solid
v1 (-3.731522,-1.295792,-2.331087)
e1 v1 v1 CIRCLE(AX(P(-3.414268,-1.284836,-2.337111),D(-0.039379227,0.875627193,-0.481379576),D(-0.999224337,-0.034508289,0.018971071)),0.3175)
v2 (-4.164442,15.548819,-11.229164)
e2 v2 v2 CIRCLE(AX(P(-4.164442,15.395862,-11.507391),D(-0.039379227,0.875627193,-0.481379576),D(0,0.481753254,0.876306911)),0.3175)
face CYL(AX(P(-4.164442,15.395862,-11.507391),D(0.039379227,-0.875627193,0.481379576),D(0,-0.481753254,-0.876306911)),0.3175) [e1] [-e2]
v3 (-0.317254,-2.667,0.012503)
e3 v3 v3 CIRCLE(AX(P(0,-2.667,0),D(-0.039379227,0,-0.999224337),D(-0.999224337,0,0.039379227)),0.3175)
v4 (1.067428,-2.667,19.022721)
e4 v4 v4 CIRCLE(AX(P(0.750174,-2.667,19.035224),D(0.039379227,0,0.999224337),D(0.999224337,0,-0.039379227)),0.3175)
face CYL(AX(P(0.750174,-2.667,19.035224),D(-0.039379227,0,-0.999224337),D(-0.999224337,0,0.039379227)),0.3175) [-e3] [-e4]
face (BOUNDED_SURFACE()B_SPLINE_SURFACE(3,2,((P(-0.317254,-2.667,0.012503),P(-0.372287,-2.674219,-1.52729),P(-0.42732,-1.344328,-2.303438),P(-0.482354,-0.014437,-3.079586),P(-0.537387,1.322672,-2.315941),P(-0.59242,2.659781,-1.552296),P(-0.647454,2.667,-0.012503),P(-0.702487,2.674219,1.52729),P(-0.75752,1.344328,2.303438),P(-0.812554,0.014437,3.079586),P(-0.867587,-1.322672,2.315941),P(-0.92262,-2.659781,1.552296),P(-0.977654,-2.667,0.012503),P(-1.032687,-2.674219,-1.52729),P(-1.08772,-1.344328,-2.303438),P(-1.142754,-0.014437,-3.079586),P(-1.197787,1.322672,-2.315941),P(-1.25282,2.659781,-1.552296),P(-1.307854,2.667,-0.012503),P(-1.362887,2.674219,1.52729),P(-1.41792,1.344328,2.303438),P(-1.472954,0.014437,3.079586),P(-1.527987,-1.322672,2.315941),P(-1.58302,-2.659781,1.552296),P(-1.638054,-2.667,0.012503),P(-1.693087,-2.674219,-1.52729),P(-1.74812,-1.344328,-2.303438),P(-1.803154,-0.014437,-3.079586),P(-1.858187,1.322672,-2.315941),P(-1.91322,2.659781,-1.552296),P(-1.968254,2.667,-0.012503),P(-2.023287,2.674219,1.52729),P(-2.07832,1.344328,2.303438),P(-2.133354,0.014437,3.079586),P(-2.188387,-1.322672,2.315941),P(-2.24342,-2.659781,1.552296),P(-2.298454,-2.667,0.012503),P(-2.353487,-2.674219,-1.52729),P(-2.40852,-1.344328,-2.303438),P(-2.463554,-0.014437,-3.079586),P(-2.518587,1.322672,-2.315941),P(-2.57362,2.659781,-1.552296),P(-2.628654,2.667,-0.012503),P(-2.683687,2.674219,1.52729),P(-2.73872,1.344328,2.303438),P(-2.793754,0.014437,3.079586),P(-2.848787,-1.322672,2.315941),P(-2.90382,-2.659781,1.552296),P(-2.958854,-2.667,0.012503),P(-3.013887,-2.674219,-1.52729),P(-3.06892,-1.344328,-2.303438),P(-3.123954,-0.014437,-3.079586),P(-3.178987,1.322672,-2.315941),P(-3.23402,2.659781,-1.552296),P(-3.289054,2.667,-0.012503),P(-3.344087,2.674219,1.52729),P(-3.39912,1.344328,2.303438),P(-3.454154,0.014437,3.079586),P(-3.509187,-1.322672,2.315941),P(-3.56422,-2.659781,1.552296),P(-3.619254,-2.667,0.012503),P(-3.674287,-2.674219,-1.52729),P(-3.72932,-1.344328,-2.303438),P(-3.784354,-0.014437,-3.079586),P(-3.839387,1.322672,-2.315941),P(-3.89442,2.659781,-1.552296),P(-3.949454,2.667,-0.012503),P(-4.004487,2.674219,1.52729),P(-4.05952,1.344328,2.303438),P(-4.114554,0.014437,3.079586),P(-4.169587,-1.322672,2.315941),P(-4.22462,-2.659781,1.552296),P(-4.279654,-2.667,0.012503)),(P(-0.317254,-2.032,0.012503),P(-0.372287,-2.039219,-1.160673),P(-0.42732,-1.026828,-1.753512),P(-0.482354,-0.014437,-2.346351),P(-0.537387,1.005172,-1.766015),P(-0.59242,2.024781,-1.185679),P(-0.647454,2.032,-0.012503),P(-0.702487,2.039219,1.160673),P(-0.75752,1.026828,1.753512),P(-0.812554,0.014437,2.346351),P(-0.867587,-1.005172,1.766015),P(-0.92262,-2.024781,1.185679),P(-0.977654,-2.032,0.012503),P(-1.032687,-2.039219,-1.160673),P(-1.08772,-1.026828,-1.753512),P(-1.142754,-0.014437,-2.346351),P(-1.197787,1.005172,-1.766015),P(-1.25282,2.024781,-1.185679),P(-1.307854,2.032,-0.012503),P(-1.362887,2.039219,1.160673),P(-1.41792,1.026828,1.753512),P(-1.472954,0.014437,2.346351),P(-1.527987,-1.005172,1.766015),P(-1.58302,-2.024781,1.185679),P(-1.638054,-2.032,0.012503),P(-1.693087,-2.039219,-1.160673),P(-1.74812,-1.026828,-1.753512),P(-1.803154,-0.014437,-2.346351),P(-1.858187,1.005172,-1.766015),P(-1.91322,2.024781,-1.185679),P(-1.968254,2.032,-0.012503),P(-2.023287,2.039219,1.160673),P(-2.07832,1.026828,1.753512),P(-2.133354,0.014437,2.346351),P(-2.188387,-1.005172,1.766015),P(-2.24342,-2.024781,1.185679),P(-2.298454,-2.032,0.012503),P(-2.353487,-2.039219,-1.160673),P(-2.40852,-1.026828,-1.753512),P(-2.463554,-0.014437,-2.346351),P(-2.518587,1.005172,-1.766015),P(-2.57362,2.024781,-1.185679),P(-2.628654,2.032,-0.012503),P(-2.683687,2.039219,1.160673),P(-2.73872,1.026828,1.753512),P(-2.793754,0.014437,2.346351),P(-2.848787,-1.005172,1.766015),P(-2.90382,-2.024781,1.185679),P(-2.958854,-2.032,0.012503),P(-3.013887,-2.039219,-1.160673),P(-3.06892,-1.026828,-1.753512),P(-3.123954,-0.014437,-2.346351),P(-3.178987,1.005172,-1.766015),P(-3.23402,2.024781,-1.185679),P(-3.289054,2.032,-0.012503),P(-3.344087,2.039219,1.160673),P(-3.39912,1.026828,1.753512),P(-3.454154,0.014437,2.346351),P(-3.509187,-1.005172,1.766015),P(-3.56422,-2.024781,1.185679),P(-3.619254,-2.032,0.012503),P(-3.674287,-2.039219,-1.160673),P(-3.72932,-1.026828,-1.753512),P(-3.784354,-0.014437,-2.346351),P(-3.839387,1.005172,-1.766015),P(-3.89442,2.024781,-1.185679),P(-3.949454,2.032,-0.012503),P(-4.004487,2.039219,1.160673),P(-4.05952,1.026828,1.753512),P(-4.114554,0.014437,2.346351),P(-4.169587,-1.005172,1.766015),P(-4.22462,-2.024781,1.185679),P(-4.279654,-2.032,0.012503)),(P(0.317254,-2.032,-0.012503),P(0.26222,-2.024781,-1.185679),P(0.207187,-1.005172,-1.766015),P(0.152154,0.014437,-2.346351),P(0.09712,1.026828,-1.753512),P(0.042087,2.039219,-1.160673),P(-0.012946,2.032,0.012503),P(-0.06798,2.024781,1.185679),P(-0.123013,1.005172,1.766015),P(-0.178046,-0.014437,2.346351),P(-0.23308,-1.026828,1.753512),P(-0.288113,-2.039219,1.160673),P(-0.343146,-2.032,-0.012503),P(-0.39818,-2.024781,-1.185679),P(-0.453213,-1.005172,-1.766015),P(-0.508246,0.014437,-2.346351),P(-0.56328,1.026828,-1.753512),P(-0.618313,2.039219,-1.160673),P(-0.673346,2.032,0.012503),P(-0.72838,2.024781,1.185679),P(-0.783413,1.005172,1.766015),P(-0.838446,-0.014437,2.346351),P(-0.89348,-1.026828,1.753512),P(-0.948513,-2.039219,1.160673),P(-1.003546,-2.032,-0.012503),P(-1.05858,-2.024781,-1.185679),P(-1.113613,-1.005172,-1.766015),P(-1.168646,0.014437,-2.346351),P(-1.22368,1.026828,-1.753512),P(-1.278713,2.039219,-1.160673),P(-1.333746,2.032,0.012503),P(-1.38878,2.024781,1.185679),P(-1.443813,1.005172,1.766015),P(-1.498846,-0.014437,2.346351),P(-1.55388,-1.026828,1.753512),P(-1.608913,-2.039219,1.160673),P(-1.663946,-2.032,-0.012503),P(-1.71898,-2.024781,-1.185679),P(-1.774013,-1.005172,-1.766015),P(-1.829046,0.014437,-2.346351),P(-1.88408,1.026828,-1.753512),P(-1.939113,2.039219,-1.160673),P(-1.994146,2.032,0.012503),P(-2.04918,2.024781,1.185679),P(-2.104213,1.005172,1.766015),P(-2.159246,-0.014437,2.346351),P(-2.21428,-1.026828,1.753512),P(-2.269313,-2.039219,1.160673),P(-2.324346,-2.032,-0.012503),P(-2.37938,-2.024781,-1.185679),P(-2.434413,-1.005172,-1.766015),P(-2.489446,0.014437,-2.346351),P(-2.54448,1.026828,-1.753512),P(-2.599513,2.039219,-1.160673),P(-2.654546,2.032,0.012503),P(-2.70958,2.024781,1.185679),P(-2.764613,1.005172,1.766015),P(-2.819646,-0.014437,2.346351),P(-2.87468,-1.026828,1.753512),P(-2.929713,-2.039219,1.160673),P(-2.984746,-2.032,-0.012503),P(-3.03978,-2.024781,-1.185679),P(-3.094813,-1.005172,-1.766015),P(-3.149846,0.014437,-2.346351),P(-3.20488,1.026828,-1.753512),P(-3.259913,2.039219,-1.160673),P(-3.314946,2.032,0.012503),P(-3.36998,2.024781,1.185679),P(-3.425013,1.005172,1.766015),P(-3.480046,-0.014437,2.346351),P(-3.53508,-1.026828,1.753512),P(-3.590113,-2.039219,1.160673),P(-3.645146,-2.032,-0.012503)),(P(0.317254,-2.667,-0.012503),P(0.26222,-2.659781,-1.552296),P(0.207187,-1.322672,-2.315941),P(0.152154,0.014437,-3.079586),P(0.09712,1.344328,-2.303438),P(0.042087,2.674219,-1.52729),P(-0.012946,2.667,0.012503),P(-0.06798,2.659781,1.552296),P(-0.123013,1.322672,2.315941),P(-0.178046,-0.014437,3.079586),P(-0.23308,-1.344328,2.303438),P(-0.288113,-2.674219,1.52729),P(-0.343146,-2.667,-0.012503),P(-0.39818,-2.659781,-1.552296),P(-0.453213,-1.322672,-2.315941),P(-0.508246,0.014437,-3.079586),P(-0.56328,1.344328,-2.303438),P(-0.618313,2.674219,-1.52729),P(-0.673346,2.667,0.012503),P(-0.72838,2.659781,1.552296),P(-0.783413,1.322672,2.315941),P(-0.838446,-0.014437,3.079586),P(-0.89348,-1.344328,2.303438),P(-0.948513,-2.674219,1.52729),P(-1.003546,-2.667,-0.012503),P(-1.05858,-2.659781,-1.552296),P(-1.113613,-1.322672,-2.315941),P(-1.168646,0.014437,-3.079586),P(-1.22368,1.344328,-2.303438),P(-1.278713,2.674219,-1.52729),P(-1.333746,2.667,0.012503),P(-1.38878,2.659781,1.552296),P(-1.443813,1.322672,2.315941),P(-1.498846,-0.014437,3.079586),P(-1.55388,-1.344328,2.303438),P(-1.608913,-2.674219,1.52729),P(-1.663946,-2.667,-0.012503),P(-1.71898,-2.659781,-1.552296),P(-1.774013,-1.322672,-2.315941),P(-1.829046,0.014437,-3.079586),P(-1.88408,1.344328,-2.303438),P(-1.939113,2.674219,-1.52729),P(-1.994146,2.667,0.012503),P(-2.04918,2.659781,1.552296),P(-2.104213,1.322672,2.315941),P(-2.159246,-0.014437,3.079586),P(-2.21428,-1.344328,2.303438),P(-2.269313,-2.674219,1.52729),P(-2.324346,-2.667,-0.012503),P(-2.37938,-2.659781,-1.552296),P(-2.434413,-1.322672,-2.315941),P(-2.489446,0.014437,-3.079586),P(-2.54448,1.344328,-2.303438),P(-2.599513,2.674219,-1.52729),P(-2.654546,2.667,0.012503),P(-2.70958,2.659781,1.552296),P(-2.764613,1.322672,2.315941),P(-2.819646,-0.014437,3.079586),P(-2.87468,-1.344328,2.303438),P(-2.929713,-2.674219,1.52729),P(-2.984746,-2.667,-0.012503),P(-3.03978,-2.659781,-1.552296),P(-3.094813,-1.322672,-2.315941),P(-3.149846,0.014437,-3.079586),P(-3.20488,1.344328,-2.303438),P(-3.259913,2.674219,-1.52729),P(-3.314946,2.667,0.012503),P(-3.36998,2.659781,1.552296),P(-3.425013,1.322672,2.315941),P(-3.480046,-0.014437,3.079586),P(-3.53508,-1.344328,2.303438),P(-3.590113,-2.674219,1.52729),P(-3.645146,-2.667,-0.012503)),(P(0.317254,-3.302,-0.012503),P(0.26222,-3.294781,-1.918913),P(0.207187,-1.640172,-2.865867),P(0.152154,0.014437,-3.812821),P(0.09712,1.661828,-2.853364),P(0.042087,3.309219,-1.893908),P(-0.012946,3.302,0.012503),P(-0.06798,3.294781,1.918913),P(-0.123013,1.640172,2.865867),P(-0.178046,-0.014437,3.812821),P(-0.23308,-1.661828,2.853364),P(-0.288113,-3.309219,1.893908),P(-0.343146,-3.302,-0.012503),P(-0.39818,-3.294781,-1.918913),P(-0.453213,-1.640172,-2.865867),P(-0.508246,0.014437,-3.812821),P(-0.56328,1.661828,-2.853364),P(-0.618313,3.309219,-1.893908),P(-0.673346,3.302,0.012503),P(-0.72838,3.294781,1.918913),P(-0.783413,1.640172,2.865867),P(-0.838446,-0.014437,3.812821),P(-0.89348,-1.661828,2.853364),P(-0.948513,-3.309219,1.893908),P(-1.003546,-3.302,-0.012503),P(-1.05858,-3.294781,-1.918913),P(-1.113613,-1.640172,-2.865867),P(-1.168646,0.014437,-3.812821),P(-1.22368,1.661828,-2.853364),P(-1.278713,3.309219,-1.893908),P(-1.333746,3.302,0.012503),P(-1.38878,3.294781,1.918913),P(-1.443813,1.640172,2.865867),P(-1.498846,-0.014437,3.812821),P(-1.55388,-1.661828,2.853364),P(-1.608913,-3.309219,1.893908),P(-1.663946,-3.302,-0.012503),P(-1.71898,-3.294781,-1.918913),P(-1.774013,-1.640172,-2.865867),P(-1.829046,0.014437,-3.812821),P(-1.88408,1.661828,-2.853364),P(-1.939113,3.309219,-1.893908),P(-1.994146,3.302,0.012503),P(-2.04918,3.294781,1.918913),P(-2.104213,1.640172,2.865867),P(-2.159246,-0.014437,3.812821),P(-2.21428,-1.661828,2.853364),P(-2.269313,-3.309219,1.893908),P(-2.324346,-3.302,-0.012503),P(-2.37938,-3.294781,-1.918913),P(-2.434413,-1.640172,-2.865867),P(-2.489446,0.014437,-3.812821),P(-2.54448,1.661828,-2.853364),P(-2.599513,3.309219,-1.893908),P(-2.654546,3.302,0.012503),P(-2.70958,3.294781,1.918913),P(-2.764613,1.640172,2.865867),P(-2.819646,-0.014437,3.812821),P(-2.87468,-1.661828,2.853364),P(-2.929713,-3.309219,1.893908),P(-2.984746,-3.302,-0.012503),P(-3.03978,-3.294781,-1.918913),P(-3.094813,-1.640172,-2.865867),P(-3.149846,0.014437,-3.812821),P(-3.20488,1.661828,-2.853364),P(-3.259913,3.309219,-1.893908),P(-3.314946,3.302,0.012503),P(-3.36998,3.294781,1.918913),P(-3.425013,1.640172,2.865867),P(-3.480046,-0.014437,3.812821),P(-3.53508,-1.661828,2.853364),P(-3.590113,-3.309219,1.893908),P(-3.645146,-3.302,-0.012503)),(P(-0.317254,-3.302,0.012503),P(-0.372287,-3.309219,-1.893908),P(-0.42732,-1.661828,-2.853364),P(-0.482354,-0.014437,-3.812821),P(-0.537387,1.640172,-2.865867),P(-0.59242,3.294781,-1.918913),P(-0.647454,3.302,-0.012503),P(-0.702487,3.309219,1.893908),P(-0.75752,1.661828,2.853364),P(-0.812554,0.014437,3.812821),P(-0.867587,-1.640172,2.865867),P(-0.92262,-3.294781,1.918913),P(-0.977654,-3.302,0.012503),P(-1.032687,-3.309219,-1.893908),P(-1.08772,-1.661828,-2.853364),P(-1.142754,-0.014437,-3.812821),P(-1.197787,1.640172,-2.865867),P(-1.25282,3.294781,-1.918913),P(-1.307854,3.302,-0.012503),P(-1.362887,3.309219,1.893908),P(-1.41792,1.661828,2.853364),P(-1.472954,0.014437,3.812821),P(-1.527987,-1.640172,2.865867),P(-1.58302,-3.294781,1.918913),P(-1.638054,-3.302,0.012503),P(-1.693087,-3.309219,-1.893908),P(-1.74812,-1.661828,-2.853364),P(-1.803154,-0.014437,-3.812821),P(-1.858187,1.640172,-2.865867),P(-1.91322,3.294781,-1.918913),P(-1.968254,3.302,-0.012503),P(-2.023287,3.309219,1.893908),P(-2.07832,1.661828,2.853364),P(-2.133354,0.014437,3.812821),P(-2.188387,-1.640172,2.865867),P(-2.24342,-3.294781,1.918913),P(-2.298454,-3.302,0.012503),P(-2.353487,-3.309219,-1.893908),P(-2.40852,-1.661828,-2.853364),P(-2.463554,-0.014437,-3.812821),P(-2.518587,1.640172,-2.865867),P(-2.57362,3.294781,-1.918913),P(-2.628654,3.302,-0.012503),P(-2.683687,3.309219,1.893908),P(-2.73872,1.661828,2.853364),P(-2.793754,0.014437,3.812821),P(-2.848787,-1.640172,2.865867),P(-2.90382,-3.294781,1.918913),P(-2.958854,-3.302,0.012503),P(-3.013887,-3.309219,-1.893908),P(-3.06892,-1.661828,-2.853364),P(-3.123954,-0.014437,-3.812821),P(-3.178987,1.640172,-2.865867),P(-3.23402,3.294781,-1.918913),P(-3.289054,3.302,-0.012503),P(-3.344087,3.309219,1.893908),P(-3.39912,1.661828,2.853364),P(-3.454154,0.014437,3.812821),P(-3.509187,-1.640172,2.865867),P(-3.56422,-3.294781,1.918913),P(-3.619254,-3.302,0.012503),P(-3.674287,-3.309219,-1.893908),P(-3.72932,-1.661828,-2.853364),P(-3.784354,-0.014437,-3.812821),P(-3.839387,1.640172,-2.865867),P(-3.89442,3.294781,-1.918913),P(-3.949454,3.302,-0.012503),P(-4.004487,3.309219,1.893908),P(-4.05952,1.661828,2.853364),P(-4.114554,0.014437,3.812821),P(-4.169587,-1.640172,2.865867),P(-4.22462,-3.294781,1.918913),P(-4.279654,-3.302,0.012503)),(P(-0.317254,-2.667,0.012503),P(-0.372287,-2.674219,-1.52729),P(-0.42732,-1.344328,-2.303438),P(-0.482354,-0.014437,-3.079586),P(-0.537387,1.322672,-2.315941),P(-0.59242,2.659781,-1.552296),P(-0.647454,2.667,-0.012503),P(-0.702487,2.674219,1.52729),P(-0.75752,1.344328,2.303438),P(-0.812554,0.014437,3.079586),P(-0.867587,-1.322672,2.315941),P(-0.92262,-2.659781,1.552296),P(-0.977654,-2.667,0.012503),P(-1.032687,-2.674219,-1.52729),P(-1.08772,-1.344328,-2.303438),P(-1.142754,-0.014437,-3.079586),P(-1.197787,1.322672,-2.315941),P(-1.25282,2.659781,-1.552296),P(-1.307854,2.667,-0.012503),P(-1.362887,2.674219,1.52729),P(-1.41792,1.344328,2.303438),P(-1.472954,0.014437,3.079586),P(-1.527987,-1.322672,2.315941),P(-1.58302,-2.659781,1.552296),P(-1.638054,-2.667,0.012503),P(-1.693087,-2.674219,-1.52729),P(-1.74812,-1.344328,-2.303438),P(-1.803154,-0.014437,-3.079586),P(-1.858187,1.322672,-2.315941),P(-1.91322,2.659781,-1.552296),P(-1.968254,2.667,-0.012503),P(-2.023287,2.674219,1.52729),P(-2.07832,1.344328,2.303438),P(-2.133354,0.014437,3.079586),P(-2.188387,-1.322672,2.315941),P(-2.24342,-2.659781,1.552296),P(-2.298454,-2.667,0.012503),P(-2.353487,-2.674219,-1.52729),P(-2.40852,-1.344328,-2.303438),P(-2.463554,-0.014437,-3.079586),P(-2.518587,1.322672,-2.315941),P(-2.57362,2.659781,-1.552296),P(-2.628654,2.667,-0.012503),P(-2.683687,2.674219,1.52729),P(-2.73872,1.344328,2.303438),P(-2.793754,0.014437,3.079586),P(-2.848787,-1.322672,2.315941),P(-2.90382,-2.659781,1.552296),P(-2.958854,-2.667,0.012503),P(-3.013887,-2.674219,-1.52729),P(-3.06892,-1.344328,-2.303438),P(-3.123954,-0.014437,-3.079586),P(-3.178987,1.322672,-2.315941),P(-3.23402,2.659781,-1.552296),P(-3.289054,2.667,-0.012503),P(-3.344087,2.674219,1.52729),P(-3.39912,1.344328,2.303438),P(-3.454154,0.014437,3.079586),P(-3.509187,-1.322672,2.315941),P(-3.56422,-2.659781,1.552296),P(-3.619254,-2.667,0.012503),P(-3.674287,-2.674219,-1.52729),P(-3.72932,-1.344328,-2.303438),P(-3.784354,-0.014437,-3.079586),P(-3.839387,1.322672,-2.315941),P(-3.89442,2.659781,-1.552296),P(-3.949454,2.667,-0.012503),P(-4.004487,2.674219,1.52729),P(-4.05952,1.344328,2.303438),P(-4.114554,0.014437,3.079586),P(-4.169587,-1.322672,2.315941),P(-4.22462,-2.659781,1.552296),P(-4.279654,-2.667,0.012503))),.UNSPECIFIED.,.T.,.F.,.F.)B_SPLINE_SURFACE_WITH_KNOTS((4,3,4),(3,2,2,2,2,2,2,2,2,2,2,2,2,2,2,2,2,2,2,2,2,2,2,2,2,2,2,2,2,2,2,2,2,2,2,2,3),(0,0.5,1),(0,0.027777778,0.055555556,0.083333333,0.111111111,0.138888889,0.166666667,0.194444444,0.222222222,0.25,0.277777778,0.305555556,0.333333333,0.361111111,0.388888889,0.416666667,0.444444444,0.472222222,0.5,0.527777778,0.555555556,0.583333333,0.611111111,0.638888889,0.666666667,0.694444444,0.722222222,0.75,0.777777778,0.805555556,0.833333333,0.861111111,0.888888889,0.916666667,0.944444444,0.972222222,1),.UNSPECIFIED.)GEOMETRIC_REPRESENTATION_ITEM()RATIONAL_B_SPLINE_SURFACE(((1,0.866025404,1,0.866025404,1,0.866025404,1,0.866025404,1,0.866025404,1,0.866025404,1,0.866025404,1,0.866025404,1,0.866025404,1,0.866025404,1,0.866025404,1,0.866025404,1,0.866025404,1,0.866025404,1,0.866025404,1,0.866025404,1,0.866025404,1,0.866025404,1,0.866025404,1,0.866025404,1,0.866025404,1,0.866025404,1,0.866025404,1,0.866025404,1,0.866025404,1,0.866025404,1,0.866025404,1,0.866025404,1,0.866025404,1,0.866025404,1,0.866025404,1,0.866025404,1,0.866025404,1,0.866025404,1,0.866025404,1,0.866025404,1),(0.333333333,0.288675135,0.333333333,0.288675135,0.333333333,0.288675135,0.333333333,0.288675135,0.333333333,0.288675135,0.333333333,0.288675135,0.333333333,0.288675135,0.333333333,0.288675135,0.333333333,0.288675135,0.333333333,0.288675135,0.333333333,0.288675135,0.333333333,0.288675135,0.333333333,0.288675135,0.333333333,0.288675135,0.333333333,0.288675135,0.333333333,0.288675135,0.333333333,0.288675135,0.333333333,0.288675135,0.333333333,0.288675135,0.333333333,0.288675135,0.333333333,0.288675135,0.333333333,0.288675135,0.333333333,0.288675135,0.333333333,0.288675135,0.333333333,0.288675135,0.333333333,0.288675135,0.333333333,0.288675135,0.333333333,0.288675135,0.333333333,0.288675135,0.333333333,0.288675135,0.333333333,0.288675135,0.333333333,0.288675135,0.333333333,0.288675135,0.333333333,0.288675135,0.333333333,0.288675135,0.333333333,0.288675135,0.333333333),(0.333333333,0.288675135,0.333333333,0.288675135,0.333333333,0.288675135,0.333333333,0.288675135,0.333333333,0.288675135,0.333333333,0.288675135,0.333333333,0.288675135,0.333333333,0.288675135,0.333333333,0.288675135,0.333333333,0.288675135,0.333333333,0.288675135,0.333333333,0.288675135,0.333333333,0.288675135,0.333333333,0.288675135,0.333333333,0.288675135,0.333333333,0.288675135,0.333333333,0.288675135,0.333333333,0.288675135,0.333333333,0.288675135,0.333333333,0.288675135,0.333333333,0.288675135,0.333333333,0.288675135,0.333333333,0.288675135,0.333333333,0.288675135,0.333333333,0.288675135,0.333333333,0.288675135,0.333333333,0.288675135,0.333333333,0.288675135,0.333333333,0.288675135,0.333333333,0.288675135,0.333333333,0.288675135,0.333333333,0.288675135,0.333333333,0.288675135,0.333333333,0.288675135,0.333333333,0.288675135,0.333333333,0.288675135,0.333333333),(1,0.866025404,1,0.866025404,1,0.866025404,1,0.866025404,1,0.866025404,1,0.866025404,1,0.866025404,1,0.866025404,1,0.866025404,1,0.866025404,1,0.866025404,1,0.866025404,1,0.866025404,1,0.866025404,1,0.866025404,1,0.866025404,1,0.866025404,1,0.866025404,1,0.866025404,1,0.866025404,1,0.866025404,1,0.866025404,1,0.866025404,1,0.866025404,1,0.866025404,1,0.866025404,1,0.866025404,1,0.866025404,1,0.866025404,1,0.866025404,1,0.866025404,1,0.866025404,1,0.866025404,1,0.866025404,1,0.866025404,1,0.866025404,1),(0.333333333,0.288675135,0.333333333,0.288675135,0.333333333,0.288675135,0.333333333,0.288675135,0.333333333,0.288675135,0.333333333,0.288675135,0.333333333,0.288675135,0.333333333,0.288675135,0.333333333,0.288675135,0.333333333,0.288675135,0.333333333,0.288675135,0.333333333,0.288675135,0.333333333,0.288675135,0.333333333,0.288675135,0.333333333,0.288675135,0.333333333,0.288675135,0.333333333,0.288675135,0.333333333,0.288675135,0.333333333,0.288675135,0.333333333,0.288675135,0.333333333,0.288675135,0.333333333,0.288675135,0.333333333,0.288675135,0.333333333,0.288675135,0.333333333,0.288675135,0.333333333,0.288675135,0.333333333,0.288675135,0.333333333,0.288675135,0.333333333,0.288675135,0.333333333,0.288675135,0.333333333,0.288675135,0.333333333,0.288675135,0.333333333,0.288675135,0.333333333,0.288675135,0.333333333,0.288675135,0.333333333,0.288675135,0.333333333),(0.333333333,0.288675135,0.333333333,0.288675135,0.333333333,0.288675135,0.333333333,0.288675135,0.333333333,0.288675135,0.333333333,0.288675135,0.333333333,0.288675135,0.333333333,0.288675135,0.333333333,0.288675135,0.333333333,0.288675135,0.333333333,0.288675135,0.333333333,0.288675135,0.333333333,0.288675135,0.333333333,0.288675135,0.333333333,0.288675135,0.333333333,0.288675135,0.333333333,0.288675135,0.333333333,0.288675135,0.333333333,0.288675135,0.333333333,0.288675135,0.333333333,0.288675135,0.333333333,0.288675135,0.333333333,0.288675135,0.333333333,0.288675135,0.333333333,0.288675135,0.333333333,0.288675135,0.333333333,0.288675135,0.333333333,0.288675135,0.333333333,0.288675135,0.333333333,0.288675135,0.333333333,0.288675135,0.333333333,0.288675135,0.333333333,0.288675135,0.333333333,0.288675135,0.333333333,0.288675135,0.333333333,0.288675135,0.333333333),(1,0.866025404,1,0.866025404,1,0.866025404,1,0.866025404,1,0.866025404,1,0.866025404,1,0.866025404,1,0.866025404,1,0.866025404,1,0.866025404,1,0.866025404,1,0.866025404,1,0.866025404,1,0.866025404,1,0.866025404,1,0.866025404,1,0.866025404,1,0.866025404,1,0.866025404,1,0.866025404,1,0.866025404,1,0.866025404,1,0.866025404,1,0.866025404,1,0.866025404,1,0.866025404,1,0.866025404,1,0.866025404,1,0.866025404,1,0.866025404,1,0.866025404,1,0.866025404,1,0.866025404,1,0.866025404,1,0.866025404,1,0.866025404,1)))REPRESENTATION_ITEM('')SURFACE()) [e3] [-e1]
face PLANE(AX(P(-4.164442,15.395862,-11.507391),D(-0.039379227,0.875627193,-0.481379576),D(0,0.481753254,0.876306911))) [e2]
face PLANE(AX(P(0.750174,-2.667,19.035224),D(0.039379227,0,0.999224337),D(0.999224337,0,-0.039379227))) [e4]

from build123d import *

# Parameters (mm, degrees)
SWEEP1_PITCH       = 0.6604
SWEEP1_HEIGHT      = 3.41426805
SWEEP1_RADIUS      = 2.667
SWEEP1_START_ANGLE = 90
SKETCH2_R          = 0.3175
SKETCH3_R          = 0.3175
EXTRUDE1_DEPTH     = 19.05
SKETCH4_R          = 0.3175
EXTRUDE2_DEPTH     = 19.05


with BuildPart() as part:
    # Sweep1: sweep along a helix
    with BuildLine() as sweep1_path:
        add(Helix(SWEEP1_PITCH, SWEEP1_HEIGHT, SWEEP1_RADIUS, center=(0, 0, 0), direction=(-1, 0, 0), lefthand=True, mode=Mode.PRIVATE).rotate(Axis((0, 0, 0), (-1, 0, 0)), SWEEP1_START_ANGLE))
    # Sketch2 → Sweep1 (sweep)
    with BuildSketch(Plane(origin=(0, -2.667, 0), x_dir=(0.9989373973839478, -0.023963370011189446, -0.03936791848055452), z_dir=(-0.039379226728869655, 9.908523654345025e-15, -0.9992243374249029))):
        Circle(SKETCH2_R)
    sweep(path=sweep1_path.line, is_frenet=True)

    # Sketch3 → Extrude1 (add)
    with BuildSketch(Plane(origin=(0, 0, 0), x_dir=(-0.9989373973839479, 0.023963370011189408, 0.03936791848055453), z_dir=(0.03937922672886966, -9.908632074562274e-15, 0.999224337424903))):
        with Locations(Location((-0.063910308, 2.666234137, 0), (0, 0, 1.373131404))):
            Circle(SKETCH3_R)
    extrude(amount=EXTRUDE1_DEPTH)

    # Sketch4 → Extrude2 (add)
    with BuildSketch(Plane(origin=(-0.005294586, 0.117729158, -0.064722079), x_dir=(0.9992241234518403, 0.03419300748736137, -0.019544547855365805), z_dir=(-0.03937922672886966, 0.8756271925064332, -0.4813795760577493))):
        with Locations(Location((-3.409873636, 2.669232094, 0), (0, 0, 179.962503935))):
            Circle(SKETCH4_R)
    extrude(amount=EXTRUDE2_DEPTH)


solid = part.part
